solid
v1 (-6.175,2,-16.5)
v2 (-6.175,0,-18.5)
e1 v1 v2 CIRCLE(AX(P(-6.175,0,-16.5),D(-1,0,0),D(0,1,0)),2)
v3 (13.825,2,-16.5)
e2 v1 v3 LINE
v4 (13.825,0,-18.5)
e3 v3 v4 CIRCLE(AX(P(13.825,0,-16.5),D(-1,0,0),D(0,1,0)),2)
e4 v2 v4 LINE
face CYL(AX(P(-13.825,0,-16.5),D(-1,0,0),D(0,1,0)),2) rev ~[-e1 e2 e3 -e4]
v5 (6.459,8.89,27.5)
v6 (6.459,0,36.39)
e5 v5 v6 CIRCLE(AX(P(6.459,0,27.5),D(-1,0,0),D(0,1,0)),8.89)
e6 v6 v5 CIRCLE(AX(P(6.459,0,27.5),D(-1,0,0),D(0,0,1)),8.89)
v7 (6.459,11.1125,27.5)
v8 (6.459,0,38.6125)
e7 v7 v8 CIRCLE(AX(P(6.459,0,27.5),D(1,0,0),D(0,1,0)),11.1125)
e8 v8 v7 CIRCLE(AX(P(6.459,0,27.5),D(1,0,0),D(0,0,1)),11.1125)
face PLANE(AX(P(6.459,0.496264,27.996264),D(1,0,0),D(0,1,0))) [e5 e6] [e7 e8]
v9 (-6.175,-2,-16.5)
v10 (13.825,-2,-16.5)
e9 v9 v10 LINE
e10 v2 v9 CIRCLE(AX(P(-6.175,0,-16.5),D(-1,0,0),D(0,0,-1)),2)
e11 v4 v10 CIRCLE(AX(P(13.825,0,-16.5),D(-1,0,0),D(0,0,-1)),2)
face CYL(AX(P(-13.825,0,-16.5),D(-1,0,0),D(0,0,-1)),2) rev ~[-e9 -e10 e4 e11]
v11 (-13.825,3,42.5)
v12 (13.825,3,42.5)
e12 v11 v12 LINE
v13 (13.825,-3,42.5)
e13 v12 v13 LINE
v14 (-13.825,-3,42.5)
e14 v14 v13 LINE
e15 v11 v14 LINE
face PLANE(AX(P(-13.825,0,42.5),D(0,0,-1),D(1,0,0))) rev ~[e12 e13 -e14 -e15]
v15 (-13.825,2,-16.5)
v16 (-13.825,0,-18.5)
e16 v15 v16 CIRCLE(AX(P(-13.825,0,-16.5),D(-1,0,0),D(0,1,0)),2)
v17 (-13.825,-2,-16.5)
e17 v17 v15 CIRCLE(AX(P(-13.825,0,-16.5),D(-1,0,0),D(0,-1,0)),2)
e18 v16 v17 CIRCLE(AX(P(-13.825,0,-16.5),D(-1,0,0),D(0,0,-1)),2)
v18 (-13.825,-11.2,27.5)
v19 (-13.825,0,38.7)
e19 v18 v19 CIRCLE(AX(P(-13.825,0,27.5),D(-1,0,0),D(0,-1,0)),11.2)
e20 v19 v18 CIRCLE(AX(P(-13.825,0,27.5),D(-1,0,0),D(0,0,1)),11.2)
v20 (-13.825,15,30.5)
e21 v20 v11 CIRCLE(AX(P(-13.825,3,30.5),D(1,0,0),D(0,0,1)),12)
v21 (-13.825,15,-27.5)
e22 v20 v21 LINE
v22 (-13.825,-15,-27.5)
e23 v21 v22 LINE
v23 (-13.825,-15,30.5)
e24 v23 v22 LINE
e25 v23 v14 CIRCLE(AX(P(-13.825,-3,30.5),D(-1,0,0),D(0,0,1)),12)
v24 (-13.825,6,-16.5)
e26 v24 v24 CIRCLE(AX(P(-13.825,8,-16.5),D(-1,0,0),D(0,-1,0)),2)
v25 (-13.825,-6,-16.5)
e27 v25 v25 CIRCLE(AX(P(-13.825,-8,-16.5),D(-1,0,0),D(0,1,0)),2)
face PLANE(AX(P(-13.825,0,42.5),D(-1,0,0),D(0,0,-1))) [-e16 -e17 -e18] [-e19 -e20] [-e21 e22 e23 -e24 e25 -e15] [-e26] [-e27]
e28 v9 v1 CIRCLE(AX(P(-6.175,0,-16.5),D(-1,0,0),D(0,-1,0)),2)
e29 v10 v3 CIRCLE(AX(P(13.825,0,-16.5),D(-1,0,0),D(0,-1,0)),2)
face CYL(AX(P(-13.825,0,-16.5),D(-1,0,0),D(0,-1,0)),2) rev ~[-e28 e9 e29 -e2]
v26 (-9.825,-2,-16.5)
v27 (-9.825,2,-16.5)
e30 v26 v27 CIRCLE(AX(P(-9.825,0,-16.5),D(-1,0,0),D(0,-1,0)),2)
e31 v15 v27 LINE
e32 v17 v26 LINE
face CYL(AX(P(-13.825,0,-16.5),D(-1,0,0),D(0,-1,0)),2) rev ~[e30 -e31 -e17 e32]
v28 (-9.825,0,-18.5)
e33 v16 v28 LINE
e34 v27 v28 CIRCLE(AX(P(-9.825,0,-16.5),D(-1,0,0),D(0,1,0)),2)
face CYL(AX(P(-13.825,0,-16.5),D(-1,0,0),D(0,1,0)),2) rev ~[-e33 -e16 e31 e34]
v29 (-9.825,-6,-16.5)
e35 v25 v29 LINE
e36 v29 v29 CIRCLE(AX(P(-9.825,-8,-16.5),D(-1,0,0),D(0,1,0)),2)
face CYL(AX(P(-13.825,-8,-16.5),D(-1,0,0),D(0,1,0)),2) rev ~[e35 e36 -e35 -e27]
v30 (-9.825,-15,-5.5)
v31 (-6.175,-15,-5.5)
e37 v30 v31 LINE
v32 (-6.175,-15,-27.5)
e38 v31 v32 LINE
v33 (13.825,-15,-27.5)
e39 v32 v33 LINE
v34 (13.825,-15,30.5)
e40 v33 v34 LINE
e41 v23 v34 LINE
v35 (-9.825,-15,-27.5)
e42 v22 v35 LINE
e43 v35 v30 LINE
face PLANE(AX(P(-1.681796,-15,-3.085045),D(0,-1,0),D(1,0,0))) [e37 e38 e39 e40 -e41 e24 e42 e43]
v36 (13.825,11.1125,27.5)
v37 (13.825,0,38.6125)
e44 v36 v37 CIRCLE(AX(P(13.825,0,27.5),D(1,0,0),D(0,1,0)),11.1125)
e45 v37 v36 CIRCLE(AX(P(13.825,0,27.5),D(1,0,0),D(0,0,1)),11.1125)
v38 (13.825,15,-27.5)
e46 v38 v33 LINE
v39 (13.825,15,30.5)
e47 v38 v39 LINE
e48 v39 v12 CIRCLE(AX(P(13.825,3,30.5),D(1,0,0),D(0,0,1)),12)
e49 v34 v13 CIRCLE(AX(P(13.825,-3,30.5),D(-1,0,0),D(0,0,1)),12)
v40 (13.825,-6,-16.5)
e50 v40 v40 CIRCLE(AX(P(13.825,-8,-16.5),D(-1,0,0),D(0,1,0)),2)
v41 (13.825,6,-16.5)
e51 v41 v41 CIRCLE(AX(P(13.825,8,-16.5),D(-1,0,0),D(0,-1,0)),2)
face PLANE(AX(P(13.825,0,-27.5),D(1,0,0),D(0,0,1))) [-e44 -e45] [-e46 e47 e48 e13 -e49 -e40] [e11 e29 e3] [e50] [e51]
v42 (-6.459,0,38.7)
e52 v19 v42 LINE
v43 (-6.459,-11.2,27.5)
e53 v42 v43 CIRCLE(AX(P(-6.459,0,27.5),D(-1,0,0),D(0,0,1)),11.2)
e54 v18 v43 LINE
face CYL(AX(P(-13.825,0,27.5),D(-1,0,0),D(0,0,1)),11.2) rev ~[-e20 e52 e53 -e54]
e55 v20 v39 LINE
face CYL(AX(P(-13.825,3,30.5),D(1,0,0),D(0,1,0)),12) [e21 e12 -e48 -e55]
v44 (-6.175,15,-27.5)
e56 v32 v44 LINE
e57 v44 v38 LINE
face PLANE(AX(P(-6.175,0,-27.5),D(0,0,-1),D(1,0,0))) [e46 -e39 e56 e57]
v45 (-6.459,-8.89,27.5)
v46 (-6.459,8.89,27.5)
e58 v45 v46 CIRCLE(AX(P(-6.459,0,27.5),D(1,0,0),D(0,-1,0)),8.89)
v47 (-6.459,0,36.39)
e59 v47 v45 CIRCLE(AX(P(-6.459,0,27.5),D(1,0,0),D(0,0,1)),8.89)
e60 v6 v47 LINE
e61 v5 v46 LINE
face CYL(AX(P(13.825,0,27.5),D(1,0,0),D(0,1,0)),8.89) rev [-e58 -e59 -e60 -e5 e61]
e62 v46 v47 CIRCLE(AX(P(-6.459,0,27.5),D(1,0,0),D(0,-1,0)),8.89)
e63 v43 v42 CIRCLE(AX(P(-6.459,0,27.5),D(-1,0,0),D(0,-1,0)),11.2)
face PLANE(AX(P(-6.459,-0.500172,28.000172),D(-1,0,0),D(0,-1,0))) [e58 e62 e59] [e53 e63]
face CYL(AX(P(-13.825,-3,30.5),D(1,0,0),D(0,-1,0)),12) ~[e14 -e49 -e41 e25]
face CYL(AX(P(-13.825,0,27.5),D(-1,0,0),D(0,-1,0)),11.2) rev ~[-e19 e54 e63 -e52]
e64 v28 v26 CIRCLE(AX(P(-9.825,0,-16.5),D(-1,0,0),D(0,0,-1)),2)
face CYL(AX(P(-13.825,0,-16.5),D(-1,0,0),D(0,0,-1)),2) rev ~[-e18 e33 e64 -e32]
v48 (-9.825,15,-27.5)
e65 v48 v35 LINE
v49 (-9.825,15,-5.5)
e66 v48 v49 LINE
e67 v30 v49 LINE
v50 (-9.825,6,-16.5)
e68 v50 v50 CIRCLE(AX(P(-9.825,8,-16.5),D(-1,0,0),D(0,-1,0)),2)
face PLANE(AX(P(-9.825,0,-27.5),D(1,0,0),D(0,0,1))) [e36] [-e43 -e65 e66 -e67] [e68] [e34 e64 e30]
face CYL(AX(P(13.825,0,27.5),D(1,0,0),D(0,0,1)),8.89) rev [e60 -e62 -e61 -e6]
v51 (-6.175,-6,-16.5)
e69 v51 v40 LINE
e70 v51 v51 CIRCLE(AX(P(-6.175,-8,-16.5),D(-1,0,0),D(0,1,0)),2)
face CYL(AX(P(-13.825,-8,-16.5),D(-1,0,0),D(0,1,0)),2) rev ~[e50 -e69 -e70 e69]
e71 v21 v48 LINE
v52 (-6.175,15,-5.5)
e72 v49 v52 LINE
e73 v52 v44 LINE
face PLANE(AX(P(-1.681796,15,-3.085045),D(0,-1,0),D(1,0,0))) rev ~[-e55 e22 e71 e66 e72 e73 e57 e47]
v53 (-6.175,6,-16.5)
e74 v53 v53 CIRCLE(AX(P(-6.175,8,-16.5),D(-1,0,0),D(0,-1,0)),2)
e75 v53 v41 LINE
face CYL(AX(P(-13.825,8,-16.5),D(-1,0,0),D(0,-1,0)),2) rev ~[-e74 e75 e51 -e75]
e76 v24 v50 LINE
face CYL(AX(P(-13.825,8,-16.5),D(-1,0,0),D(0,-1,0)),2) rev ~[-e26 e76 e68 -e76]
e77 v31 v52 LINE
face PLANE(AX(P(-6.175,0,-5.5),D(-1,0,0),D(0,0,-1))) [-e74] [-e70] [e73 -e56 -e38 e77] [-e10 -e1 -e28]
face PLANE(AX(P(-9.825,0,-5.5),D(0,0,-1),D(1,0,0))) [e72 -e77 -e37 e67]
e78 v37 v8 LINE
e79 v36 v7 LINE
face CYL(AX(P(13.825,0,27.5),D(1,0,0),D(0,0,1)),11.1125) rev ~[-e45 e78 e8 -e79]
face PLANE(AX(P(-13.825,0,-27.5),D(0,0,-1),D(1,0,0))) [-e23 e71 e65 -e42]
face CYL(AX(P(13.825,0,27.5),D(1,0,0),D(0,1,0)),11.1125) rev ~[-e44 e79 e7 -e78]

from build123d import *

# Parameters (mm, degrees)
F0_W     = 27.65
F0_H     = 15
F1_DEPTH = 15
F3_DEPTH = 7.366
F4_DEPTH = 40
F6_DEPTH = 7.366
F7_R     = 12
F8_R     = 2
F9_DEPTH = 30


with BuildPart() as f1:
    # F0 (on Front) → F1 (new body, symmetric)
    with BuildSketch(Plane.XZ):
        Polygon((-6.175, -27.5), (13.825, -27.5), (13.825, 27.5), (-13.825, 27.5), (-13.825, -5.5), (-13.825, -27.5), (-9.825, -27.5), (-9.825, -5.5), (-6.175, -5.5), align=None)
        with Locations((0, 35)):
            Rectangle(F0_W, F0_H)
    extrude(amount=F1_DEPTH, both=True)

    # F2 (on face) → F3 (cut)
    with BuildSketch(Plane.YZ.offset(13.825)):
        with BuildLine():
            ThreePointArc((11.1125, 27.5), (7.8577241059, 35.3577241059), (0, 38.6125))
            ThreePointArc((0, 38.6125), (-7.8577241059, 19.6422758941), (11.1125, 27.5))
        make_face()
        with BuildLine():
            ThreePointArc((8.89, 27.5), (-6.2861792847, 21.2138207153), (0, 36.39))
            ThreePointArc((0, 36.39), (6.2861792847, 33.7861792847), (8.89, 27.5))
        make_face(mode=Mode.SUBTRACT)
    extrude(amount=-F3_DEPTH, mode=Mode.SUBTRACT)

    # F4 (cut): a face of the model
    f4_faces = [f1.faces().sort_by_distance(p)[0] for p in [
        (13.825, 0, 27.5),
    ]]
    extrude(f4_faces, amount=-F4_DEPTH, mode=Mode.SUBTRACT)

    # F5 (on face) → F6 (cut)
    with BuildSketch(Plane(origin=(-13.825, 0, 0), x_dir=(0, -1, 0), z_dir=(-1, 0, 0))):
        with BuildLine():
            ThreePointArc((11.2, 27.5), (7.9195959493, 35.4195959493), (0, 38.7))
            ThreePointArc((0, 38.7), (-7.9195959493, 19.5804040507), (11.2, 27.5))
        make_face()
        with BuildLine():
            ThreePointArc((8.89, 27.5), (-6.2861792847, 21.2138207153), (0, 36.39))
            ThreePointArc((0, 36.39), (6.2861792847, 33.7861792847), (8.89, 27.5))
        make_face(mode=Mode.SUBTRACT)
    extrude(amount=-F6_DEPTH, mode=Mode.SUBTRACT)

    # F7
    f7_edges = [f1.edges().sort_by_distance(p)[0] for p in [
        (0, 15, 42.5),
        (0, -15, 42.5),
    ]]
    fillet(f7_edges, radius=F7_R)

    # F8 (on face) → F9 (cut)
    with BuildSketch(Plane(origin=(-13.825, 0, 0), x_dir=(0, -1, 0), z_dir=(-1, 0, 0))):
        with BuildLine():
            Line((-2, -16.5), (0, -16.5))
            Line((0, -16.5), (2, -16.5))
            ThreePointArc((2, -16.5), (0, -14.5), (-2, -16.5))
        make_face()
        with BuildLine():
            ThreePointArc((-2, -16.5), (-1.4142135624, -17.9142135624), (0, -18.5))
            Line((0, -18.5), (0, -16.5))
            Line((0, -16.5), (-2, -16.5))
        make_face()
        with BuildLine():
            Line((0, -16.5), (0, -18.5))
            ThreePointArc((0, -18.5), (1.4142135624, -17.9142135624), (2, -16.5))
            Line((2, -16.5), (0, -16.5))
        make_face()
        with Locations((-8, -16.5)):
            Circle(F8_R)
        with BuildLine():
            ThreePointArc((10, -16.5), (8, -14.5), (6, -16.5))
            ThreePointArc((6, -16.5), (8, -18.5), (10, -16.5))
        make_face()
    extrude(amount=-F9_DEPTH, mode=Mode.SUBTRACT)


solid = f1.part
